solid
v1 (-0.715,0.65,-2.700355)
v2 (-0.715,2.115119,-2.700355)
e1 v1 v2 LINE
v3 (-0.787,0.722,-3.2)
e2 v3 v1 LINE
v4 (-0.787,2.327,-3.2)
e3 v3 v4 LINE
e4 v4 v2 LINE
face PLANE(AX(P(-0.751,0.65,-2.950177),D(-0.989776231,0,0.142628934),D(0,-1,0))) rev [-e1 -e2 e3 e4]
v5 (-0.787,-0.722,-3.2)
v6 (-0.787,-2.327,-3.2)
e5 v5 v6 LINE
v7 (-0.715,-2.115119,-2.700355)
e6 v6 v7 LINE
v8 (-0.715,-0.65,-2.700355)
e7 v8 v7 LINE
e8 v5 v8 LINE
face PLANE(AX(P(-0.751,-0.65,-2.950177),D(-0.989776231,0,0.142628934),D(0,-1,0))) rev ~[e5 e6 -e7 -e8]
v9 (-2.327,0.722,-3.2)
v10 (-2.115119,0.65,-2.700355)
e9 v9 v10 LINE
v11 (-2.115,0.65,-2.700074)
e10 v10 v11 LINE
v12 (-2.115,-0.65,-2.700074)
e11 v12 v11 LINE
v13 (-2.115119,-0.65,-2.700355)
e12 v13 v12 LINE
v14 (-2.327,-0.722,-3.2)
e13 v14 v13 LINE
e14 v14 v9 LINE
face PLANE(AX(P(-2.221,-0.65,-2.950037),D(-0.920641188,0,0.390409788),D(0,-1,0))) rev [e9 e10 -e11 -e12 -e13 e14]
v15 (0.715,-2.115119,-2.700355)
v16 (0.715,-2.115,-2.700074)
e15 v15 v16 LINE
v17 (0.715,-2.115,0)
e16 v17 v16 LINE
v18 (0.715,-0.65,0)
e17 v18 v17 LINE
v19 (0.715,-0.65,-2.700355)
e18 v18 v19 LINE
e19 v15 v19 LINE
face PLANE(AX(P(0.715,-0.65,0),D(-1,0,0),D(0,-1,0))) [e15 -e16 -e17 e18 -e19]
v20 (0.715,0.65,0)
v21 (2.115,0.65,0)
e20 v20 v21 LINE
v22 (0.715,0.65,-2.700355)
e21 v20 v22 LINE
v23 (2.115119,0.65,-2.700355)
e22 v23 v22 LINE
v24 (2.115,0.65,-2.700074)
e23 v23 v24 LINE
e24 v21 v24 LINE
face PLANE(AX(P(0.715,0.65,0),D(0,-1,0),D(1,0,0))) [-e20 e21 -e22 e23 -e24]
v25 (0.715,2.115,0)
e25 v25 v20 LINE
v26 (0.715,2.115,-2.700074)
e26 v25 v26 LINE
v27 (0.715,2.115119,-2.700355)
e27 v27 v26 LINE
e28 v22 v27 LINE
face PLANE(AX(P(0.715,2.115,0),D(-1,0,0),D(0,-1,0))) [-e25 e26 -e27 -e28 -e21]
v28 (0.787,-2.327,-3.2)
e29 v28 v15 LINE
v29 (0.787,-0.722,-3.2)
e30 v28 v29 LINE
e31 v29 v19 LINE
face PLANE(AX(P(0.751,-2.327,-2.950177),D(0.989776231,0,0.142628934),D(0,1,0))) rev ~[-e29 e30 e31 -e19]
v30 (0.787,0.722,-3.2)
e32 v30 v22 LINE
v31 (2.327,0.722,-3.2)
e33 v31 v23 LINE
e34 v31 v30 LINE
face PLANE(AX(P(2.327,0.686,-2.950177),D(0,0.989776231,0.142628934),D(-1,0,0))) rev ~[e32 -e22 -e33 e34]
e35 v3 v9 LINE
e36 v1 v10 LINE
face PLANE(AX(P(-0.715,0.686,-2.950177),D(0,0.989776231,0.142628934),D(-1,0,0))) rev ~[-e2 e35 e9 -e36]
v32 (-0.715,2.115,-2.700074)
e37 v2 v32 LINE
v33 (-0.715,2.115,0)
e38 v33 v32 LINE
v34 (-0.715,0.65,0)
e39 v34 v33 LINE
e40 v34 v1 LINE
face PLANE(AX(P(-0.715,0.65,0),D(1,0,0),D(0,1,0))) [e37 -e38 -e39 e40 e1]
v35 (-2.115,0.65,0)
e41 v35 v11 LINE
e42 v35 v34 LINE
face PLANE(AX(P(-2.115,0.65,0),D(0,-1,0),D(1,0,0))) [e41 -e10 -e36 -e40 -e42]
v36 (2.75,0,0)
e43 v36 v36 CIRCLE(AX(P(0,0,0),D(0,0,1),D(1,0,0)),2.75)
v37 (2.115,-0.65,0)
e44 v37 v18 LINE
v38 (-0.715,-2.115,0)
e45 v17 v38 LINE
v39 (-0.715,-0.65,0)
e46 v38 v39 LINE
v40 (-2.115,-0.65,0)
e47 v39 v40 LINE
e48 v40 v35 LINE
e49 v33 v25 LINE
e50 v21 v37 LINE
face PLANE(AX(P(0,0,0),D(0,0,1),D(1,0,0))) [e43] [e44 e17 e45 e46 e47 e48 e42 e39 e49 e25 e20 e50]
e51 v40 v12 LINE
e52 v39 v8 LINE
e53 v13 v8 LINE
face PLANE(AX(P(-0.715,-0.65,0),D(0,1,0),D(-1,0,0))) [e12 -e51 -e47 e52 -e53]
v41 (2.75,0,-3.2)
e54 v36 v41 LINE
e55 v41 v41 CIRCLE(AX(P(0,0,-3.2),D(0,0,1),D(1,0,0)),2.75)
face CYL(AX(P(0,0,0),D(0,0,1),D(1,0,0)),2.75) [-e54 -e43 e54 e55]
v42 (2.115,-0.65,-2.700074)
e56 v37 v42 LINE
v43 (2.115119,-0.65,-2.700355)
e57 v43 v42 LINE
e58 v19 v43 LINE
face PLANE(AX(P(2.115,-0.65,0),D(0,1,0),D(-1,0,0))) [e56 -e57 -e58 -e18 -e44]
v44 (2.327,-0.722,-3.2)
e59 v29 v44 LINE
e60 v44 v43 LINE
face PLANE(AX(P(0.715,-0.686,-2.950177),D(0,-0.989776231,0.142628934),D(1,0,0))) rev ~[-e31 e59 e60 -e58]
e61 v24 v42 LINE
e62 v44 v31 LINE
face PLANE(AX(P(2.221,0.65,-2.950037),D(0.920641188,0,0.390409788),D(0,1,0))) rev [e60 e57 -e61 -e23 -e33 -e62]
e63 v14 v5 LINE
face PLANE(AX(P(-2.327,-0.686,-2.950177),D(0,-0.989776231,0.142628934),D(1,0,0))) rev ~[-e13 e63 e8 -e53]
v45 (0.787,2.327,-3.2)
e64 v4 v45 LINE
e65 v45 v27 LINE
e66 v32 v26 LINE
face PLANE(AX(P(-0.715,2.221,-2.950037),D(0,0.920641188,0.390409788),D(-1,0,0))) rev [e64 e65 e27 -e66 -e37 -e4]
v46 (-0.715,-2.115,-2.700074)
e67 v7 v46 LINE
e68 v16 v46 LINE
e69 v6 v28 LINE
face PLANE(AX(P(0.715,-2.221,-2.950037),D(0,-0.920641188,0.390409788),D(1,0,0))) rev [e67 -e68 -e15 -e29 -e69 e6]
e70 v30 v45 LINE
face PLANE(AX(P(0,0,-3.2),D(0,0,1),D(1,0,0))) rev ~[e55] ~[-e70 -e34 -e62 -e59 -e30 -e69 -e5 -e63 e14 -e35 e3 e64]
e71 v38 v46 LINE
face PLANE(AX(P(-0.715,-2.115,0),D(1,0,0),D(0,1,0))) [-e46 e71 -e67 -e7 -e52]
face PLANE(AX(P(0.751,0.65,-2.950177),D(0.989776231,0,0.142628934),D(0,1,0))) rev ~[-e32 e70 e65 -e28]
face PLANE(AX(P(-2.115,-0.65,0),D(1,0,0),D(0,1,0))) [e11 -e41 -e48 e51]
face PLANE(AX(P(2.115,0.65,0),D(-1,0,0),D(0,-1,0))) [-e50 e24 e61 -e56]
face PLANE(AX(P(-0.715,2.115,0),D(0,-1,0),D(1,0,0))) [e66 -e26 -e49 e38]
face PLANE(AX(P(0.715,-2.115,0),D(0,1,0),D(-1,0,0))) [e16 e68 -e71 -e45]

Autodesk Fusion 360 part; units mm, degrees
sketch "Sketch1" plane through (0, 0, 0) normal (0, 0, 1) x (1, 0, 0)
  line L0 (-0.715, 2.115) -> (0.715, 2.115)
  line L1 (0.715, 2.115) -> (0.715, -2.115)
  line L2 (0.715, -2.115) -> (-0.715, -2.115)
  line L3 (-0.715, -2.115) -> (-0.715, 2.115)
  line L4 (-0.715, 2.115) -> (0.715, -2.115) construction
  line L5 (0.715, 2.115) -> (-0.715, -2.115) construction
  line L6 (-2.115, 0.65) -> (2.115, 0.65)
  line L7 (2.115, 0.65) -> (2.115, -0.65)
  line L8 (2.115, -0.65) -> (-2.115, -0.65)
  line L9 (-2.115, -0.65) -> (-2.115, 0.65)
  line L10 (-2.115, 0.65) -> (2.115, -0.65) construction
  line L11 (2.115, 0.65) -> (-2.115, -0.65) construction
  circle A0 centre (0, 0) radius 2.75
  dimension "d21" = 1.43
  dimension "d22" = 4.23
  dimension "d23" = 4.23
  dimension "d24" = 1.3
  dimension "d25" = 5.5
extrude "Extrude1" add sketch "Sketch1" against normal blind 3.2
chamfer "Chamfer1" distance 0.212 angle 67.02 4 edges at (-2.115, 0, -3.2) (2.115, 0, -3.2) (0, -2.115, -3.2) (0, 2.115, -3.2) measured on face at (-1.6153, -1.0568, -3.2) measured on face at (-1.6153, -1.0568, -3.2) measured on face at (-1.6153, -1.0568, -3.2) measured on face at (-1.6153, -1.0568, -3.2)
chamfer "Chamfer2" distance 0.072 angle 81.8 8 edges at (0.715, 1.4885, -3.2) (1.521, 0.65, -3.2) (1.521, -0.65, -3.2) (0.715, -1.4885, -3.2) (-0.715, -1.4885, -3.2) (-1.521, -0.65, -3.2) (-1.521, 0.65, -3.2) (-0.715, 1.4885, -3.2) measured on face at (-1.0482, 1.709, -3.2) measured on face at (-1.0482, 1.709, -3.2) measured on face at (-1.0482, 1.709, -3.2) measured on face at (-1.0482, 1.709, -3.2) measured on face at (-1.0482, 1.709, -3.2) measured on face at (-1.0482, 1.709, -3.2) measured on face at (-1.0482, 1.709, -3.2) measured on face at (-1.0482, 1.709, -3.2)
equation "width = 5.5 mm"
equation "depth = 5.5 mm"
equation "cross_xy = 4.23 mm"
equation "gap_x = 1.3 mm"
equation "gap_y = 1.43 mm"
equation "height = 3.2 mm" comment "3.7 for mx. 3.3 for choc v2"
equation "d13 = -height"
equation "d15 = chamfer_cross"
equation "d16 = chamfer_cross_angle"
equation "d17 = chamfer_gap"
equation "d18 = chamfer_gap_angle"
equation "d21 = gap_y"
equation "d22 = cross_xy"
equation "d23 = cross_xy"
equation "d24 = gap_x"
equation "d25 = width"
equation "chamfer_cross_angle = 67.02 deg"
equation "chamfer_cross = 0.212 mm"
equation "chamfer_gap_angle = 81.8 deg"
equation "chamfer_gap = 0.072 mm"
